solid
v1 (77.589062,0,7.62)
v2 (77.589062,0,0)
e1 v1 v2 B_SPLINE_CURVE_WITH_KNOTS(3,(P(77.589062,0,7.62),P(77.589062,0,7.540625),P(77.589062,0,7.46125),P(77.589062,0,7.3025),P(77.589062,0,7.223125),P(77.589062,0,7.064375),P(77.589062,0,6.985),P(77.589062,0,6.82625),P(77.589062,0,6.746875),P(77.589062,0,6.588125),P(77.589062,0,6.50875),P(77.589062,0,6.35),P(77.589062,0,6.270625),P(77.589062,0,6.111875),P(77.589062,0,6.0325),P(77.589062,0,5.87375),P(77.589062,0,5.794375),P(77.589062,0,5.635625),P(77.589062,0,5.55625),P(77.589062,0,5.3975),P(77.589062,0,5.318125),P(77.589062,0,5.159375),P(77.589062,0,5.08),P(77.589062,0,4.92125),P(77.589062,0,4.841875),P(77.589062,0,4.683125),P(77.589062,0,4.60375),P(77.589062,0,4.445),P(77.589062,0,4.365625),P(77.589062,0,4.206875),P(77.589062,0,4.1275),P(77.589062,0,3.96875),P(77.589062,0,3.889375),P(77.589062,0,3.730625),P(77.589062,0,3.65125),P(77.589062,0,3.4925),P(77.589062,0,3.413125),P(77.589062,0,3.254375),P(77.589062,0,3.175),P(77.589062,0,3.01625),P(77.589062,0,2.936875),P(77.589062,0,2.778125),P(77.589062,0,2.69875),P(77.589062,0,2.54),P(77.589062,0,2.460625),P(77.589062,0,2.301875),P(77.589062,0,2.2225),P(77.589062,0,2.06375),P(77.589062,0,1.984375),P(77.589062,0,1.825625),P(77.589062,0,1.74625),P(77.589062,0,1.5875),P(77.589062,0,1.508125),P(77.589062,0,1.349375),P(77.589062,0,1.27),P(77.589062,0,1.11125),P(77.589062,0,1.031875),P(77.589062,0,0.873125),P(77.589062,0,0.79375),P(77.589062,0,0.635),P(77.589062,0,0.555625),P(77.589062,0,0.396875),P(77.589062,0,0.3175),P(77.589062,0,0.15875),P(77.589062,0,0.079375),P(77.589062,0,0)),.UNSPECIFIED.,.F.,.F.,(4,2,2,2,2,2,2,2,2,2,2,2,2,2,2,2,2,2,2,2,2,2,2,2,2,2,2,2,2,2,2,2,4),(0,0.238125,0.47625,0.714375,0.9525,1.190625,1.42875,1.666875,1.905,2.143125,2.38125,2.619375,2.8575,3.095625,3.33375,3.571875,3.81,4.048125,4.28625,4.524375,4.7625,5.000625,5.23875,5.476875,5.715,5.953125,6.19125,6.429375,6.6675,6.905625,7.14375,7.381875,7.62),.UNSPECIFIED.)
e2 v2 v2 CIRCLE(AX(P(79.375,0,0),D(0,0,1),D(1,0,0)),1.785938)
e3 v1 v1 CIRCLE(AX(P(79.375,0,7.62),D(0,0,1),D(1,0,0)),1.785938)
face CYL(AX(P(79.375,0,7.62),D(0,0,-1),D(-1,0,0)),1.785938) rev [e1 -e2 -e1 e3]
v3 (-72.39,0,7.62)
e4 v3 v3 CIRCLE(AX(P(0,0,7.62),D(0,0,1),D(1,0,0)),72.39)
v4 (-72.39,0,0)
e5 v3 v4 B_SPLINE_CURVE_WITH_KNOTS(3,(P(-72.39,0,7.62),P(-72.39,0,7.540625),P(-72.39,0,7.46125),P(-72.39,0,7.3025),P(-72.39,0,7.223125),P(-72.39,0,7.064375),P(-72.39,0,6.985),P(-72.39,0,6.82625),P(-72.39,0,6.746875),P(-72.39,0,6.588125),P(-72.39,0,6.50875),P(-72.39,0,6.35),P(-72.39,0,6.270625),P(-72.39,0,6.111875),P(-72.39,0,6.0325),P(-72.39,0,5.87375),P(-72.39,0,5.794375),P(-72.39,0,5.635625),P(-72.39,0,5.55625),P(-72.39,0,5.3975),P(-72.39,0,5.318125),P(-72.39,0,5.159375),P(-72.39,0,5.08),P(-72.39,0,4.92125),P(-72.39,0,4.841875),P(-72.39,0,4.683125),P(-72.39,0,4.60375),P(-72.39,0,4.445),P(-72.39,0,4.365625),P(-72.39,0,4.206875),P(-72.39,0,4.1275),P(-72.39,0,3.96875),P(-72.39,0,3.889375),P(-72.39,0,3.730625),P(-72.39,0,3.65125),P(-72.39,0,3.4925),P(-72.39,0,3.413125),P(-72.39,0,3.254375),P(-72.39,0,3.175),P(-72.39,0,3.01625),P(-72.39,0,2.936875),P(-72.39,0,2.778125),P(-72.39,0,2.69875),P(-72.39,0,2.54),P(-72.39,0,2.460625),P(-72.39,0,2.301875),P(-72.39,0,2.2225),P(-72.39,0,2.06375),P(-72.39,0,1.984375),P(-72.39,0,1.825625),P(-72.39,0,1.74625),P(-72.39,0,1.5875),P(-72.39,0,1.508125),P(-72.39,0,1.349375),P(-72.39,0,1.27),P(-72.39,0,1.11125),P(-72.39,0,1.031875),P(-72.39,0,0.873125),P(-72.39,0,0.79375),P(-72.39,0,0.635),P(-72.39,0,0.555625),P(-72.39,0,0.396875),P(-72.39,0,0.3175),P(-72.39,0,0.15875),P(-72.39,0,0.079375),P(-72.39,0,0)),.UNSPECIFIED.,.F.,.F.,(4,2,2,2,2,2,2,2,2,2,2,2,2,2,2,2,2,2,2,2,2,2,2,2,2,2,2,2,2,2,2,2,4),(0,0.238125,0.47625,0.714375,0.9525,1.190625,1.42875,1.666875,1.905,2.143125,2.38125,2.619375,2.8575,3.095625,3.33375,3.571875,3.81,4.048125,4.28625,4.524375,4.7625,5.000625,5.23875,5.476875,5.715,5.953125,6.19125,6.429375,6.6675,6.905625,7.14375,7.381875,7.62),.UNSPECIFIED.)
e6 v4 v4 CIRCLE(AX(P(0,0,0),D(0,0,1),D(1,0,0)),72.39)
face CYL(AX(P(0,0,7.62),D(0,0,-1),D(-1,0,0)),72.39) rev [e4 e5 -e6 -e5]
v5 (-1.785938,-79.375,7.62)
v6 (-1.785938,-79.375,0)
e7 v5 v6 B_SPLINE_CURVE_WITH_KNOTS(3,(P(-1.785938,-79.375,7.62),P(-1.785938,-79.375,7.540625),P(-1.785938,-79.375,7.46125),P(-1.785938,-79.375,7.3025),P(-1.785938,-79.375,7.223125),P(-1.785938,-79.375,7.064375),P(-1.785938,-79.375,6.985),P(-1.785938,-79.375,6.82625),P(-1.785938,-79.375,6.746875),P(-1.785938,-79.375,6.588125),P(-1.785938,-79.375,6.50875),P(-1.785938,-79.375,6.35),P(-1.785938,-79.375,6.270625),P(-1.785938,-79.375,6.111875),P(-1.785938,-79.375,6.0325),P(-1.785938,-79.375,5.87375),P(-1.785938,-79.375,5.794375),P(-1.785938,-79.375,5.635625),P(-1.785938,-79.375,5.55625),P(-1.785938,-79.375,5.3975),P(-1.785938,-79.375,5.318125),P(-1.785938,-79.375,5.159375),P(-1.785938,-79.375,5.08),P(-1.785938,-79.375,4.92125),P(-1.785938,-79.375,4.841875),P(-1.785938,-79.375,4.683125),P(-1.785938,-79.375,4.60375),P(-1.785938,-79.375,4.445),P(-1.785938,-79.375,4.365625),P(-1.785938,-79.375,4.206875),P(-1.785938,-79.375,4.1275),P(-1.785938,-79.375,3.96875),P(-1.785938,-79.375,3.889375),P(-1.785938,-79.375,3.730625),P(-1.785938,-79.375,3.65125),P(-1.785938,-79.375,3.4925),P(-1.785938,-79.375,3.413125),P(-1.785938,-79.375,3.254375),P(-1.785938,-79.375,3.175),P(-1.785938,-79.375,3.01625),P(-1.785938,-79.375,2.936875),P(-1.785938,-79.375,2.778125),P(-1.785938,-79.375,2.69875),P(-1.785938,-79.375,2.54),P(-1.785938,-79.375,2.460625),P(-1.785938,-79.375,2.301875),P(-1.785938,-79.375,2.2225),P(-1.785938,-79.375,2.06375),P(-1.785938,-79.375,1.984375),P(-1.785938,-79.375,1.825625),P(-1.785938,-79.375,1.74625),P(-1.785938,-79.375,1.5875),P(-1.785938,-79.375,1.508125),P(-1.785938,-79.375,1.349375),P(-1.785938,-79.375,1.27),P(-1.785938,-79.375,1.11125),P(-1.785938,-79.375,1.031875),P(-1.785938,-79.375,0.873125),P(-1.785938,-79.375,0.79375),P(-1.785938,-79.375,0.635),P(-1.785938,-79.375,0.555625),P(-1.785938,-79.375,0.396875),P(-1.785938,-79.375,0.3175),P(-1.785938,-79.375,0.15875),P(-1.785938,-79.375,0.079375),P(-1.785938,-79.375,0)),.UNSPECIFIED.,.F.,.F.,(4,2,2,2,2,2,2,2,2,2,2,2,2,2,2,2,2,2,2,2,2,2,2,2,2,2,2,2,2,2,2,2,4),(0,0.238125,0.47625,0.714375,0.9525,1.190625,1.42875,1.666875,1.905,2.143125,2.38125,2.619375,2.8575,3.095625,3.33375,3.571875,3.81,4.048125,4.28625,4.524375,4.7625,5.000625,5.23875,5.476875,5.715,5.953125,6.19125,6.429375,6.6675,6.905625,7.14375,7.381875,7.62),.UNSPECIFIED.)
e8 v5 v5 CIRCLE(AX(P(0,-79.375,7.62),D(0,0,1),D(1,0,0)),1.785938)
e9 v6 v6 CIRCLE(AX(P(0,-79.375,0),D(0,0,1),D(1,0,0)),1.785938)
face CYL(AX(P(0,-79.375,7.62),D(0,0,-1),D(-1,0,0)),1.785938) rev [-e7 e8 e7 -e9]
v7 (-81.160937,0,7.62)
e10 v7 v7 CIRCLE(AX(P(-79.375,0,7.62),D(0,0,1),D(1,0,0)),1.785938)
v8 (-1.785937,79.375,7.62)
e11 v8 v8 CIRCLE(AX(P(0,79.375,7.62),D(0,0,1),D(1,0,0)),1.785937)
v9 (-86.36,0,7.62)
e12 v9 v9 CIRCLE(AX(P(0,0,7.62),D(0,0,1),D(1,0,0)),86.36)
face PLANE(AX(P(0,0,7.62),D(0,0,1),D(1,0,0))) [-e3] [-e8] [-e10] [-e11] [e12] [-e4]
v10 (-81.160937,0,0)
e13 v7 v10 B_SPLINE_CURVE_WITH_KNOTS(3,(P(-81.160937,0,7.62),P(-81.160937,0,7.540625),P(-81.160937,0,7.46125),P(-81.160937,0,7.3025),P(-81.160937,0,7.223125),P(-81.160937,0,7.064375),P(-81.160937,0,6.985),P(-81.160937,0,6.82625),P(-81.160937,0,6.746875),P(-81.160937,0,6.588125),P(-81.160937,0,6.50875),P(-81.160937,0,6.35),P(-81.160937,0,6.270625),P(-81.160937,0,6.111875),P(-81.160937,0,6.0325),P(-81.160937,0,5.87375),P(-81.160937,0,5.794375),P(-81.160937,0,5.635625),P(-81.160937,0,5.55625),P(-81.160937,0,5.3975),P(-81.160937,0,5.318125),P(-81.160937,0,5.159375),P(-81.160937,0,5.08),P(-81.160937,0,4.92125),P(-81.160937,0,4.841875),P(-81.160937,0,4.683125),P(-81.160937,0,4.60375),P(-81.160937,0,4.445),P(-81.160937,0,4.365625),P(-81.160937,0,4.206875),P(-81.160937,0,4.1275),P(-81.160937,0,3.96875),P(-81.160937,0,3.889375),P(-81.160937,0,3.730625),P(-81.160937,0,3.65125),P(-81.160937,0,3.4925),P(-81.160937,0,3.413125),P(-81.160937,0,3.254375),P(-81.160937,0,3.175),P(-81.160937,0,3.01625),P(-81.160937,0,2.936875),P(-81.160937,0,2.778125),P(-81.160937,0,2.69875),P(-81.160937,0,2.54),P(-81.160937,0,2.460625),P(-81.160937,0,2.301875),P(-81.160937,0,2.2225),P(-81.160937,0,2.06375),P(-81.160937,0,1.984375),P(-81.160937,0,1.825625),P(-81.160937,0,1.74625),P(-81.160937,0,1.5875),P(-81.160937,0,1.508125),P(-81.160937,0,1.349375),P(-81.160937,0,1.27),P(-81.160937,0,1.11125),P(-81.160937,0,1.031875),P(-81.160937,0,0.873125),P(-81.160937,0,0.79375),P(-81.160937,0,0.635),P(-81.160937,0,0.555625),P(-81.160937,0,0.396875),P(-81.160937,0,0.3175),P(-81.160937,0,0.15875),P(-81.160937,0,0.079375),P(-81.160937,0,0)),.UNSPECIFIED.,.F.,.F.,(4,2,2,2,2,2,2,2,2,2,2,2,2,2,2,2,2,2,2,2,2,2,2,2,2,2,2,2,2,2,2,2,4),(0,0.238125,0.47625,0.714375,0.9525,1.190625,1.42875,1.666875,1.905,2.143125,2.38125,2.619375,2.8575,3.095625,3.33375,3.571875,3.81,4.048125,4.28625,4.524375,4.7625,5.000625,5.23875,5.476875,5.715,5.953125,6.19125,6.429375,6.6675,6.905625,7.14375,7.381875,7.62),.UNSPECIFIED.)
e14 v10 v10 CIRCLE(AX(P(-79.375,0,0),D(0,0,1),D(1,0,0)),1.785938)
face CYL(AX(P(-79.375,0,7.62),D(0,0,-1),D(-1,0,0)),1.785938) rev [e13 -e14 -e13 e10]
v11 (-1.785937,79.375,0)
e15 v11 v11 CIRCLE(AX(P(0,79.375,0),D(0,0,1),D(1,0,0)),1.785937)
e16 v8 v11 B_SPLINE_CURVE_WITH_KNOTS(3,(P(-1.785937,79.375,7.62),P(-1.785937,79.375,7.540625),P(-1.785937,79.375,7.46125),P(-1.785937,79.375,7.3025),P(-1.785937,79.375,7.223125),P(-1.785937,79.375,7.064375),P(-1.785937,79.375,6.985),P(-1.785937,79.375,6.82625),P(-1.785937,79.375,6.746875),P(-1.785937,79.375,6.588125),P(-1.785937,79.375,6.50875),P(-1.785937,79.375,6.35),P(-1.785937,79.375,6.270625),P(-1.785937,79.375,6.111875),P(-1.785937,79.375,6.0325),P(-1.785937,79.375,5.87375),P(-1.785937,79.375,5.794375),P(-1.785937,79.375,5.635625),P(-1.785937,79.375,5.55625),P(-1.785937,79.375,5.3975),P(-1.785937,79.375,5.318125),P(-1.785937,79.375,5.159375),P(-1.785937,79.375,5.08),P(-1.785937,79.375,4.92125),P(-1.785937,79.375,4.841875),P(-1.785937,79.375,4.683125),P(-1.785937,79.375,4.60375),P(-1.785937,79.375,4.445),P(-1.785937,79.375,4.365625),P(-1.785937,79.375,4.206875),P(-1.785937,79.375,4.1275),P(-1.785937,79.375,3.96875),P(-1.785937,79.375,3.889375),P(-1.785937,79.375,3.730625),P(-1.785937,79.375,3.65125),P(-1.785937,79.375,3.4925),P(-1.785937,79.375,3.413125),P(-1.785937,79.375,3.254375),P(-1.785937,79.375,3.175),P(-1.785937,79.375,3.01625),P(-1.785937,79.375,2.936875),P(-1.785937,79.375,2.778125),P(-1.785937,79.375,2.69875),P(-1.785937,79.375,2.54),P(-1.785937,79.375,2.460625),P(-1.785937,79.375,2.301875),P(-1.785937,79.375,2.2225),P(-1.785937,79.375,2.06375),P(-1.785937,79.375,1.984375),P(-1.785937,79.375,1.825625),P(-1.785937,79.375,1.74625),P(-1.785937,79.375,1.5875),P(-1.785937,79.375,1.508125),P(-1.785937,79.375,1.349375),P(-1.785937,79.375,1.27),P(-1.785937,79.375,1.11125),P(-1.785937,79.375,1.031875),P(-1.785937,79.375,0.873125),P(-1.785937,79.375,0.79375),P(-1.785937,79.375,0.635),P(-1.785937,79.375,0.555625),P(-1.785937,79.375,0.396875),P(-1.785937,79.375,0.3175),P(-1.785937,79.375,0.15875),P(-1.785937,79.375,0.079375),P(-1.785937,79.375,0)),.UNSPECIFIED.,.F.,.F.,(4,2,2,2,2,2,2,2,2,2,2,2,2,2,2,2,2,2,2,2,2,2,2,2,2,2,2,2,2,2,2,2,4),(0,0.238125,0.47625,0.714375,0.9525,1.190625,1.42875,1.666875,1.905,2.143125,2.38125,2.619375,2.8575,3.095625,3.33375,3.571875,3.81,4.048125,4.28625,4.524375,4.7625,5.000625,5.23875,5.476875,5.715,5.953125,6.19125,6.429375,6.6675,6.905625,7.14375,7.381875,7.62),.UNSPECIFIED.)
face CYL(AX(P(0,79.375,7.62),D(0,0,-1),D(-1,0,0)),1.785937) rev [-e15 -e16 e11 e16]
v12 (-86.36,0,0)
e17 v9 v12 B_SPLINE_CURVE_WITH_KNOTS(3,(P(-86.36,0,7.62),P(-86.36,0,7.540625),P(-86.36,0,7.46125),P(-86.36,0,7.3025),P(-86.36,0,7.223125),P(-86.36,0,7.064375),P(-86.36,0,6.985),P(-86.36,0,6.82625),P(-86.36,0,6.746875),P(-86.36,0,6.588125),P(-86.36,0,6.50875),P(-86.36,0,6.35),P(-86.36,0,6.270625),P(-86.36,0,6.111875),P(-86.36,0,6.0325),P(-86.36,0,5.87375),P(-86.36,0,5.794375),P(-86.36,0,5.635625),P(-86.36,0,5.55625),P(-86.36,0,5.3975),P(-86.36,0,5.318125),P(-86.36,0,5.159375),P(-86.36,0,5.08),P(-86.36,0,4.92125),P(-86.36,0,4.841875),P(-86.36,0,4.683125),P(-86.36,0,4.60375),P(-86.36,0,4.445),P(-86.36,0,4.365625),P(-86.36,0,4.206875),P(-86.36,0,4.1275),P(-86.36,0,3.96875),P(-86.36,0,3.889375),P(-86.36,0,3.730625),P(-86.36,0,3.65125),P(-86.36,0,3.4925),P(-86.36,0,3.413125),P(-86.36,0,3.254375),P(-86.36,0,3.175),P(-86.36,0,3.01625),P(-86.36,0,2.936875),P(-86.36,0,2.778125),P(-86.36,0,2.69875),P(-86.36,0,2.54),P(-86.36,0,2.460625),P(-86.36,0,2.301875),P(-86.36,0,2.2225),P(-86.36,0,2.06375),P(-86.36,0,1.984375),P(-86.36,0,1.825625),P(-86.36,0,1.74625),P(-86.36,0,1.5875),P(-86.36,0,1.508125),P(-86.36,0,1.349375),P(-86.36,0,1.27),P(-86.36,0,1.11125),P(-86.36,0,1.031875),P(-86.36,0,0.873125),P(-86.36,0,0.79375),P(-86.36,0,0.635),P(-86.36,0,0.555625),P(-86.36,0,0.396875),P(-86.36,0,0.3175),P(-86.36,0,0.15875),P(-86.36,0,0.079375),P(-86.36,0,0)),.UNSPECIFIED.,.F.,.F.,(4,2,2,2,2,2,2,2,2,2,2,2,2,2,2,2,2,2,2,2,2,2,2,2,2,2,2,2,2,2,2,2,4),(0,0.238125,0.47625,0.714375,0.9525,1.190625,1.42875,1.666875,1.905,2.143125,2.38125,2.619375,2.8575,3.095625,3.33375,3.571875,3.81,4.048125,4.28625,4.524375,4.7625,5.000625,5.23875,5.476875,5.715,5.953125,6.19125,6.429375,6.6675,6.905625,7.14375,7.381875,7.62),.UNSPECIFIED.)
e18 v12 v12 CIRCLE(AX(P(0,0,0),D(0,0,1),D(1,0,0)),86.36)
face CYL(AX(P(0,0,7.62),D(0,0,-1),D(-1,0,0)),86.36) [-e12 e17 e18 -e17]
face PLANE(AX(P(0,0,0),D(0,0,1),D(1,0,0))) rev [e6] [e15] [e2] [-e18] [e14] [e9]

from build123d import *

# Parameters (mm, degrees)
SKETCH1_R           = 86.36
SKETCH1_R_2         = 72.39
SKETCH1_R_3         = 1.7859375
BOSS_EXTRUDE1_DEPTH = 7.62


with BuildPart() as part:
    # Sketch1 → Boss-Extrude1 (new body)
    with BuildSketch(Plane.XY):
        with Locations(Location((0, 0, 0), (0, 0, 180))):
            Circle(SKETCH1_R)
        with Locations(Location((0, 0, 0), (0, 0, 180))):
            Circle(SKETCH1_R_2, mode=Mode.SUBTRACT)
        with Locations(Location((0, 79.375, 0), (0, 0, 180))):
            Circle(SKETCH1_R_3, mode=Mode.SUBTRACT)
        with Locations(Location((79.375, 0, 0), (0, 0, 180))):
            Circle(SKETCH1_R_3, mode=Mode.SUBTRACT)
        with Locations(Location((0, -79.375, 0), (0, 0, 180))):
            Circle(SKETCH1_R_3, mode=Mode.SUBTRACT)
        with Locations(Location((-79.375, 0, 0), (0, 0, 180))):
            Circle(SKETCH1_R_3, mode=Mode.SUBTRACT)
    extrude(amount=BOSS_EXTRUDE1_DEPTH)


solid = part.part
